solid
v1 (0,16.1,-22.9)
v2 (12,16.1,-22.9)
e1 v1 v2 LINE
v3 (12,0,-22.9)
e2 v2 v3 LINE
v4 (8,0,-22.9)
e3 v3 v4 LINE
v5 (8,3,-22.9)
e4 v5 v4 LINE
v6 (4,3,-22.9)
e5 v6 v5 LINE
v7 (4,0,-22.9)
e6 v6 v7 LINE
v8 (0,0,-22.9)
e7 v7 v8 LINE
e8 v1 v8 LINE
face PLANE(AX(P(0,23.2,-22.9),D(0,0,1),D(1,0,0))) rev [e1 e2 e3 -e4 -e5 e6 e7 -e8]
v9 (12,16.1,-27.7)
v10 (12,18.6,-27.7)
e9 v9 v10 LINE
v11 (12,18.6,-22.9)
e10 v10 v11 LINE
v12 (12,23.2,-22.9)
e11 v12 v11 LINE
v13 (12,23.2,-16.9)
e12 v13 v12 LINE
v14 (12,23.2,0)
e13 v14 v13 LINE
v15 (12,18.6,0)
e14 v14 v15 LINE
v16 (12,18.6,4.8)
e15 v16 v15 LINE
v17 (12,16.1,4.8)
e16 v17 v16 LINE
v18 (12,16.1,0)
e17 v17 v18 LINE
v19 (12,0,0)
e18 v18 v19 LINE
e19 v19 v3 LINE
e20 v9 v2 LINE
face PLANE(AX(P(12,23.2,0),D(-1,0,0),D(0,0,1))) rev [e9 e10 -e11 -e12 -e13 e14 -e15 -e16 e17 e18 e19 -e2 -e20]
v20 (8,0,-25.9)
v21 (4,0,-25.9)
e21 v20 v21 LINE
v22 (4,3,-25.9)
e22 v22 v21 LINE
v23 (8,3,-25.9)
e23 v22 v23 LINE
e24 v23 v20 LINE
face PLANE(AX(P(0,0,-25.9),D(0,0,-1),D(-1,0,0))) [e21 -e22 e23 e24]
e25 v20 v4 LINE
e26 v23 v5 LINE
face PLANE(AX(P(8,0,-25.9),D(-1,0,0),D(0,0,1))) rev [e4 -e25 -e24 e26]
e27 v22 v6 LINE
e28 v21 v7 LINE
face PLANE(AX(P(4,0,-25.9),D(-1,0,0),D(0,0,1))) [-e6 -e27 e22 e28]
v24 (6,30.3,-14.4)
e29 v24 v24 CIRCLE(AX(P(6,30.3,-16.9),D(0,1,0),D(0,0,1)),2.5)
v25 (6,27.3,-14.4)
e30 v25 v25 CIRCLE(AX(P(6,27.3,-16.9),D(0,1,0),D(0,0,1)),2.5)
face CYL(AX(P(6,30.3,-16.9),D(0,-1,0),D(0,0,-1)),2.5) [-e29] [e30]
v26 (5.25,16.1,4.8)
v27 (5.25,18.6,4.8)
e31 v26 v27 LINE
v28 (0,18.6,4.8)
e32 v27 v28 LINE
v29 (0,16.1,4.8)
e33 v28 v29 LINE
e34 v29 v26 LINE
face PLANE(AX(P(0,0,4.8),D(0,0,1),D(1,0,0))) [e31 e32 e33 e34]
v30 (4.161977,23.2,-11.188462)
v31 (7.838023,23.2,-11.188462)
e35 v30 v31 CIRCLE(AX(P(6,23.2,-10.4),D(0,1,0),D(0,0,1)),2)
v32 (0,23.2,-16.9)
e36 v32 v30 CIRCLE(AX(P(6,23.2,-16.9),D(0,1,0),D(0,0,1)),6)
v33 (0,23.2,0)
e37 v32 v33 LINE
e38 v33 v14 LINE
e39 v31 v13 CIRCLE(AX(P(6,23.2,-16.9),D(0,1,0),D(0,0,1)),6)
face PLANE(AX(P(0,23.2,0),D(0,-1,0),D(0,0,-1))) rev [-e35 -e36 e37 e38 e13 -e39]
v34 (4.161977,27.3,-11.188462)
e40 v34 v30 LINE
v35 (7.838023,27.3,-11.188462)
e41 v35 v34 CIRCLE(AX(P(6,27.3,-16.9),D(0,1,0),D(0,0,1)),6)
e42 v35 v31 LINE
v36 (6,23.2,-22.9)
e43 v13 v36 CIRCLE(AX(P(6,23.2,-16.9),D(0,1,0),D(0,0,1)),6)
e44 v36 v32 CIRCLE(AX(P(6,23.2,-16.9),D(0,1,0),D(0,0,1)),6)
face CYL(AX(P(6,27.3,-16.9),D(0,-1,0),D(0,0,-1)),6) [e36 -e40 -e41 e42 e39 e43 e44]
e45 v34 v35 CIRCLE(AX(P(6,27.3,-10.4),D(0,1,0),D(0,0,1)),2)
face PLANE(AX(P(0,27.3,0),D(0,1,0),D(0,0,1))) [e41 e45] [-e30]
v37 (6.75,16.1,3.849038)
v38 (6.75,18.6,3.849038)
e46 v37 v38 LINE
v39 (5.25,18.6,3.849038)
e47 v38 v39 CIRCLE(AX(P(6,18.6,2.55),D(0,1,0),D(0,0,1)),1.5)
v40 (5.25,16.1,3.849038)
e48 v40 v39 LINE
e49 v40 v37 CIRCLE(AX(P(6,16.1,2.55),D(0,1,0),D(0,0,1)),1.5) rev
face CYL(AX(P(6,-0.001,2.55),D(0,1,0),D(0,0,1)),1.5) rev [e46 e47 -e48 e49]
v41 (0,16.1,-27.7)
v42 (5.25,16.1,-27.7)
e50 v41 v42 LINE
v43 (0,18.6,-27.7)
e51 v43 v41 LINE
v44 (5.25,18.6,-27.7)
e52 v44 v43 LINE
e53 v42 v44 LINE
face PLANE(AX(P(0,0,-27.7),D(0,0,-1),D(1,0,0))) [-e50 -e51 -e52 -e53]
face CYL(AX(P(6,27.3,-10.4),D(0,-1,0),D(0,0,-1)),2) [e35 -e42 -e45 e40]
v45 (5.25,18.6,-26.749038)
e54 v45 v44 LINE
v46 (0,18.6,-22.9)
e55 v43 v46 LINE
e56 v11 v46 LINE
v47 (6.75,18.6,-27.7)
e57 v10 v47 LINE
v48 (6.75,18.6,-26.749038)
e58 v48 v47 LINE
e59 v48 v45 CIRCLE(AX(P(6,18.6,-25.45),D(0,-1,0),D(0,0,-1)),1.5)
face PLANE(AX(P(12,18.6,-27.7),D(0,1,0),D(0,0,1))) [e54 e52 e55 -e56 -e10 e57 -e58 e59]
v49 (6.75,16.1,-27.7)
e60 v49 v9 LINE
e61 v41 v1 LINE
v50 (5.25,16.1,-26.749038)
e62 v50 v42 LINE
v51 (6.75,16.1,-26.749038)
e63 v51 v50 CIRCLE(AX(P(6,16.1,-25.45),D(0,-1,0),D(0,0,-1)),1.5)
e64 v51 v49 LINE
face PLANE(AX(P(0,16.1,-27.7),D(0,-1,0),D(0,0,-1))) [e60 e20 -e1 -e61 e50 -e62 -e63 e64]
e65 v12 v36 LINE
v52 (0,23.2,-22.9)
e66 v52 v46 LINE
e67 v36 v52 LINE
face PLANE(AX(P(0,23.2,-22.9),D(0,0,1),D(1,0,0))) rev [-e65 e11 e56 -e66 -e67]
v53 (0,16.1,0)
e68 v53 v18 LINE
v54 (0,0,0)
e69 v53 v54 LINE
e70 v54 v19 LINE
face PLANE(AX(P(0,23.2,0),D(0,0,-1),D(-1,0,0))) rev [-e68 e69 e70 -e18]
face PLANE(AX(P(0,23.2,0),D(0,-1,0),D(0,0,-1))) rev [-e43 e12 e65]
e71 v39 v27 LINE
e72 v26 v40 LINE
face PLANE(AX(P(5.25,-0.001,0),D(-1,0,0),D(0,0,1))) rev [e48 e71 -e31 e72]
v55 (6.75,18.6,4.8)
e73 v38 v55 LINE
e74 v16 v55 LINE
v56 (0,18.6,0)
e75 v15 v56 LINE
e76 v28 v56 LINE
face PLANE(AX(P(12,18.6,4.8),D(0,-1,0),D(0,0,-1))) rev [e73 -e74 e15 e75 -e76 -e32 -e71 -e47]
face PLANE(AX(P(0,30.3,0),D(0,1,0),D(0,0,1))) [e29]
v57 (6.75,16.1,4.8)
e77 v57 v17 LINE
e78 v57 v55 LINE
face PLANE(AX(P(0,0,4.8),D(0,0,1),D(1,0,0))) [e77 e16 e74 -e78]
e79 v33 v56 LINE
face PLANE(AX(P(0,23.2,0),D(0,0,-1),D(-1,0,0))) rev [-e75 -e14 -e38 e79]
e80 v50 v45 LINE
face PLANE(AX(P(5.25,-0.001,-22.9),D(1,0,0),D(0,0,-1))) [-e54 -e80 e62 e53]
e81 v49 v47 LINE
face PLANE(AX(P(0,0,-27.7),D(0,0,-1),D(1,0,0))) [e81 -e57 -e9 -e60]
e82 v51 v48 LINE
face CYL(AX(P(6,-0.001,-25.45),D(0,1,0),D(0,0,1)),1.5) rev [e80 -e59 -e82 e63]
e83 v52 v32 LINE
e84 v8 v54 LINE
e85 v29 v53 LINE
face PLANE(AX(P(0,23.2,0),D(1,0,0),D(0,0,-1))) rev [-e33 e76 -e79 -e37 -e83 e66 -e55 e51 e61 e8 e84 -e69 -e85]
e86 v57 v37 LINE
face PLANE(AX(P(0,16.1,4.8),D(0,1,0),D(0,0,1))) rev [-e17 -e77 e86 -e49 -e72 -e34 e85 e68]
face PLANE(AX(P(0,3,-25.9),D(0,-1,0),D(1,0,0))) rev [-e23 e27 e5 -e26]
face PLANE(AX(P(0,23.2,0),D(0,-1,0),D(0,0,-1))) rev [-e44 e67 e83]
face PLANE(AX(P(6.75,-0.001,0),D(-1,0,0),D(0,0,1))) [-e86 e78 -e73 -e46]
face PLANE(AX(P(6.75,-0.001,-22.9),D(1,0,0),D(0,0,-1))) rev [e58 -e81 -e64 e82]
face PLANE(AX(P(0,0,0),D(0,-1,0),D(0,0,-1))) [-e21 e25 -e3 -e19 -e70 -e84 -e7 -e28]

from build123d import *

# Parameters (mm, degrees)
SKETCH_1_W          = 12
SKETCH_1_H          = 22.9
EXTRUDE_1_DEPTH     = 23.2
SKETCH_2_R          = 6
SKETCH_2_R_2        = 2
EXTRUDE_2_DEPTH     = 4.1
SKETCH_3_R          = 2.5
EXTRUDE_3_DEPTH     = 3
SKETCH_4_W          = 12
SKETCH_4_H          = 2.5
EXTRUDE_4_DEPTH     = 4.8
CUT_EXTRUDE_1_REACH = 33.849
SKETCH_6_W          = 2
SKETCH_6_H          = 3
EXTRUDE_5_DEPTH     = 3


with BuildPart() as part:
    # 草图1 → 凸台-拉伸1 (new body)
    with BuildSketch(Plane(origin=(0, 0, 0), x_dir=(1, 0, 0), z_dir=(0, 1, 0))):
        with Locations((6, 11.45)):
            Rectangle(SKETCH_1_W, SKETCH_1_H)
    extrude(amount=EXTRUDE_1_DEPTH)

    # 草图2 → 凸台-拉伸2 (add)
    with BuildSketch(Plane(origin=(0, 23.2, 0), x_dir=(1, 0, 0), z_dir=(0, 1, 0))):
        with Locations((6, 16.9)):
            Circle(SKETCH_2_R)
        with Locations((6, 10.4)):
            Circle(SKETCH_2_R_2)
    extrude(amount=EXTRUDE_2_DEPTH)

    # 草图3 → 凸台-拉伸3 (add)
    with BuildSketch(Plane(origin=(0, 27.3, 0), x_dir=(1, 0, 0), z_dir=(0, 1, 0))):
        with Locations(Location((6, 16.9, 0), (0, 0, 270))):
            Circle(SKETCH_3_R)
    extrude(amount=EXTRUDE_3_DEPTH)

    # 草图4 → 凸台-拉伸4 (add)
    with BuildSketch(Plane.XY):
        with Locations((6, 17.35)):
            Rectangle(SKETCH_4_W, SKETCH_4_H)
    extrude_4 = extrude(amount=EXTRUDE_4_DEPTH)

    # 草图5 → 切除-拉伸1 (cut, up to next)
    with BuildSketch(Plane(origin=(0, 18.6, 0), x_dir=(1, 0, 0), z_dir=(0, 1, 0)), mode=Mode.PRIVATE) as cut_extrude_1_sk1:
        with BuildLine():
            Line((5.25, -4.8), (6.75, -4.8))
            Line((6.75, -4.8), (6.75, -3.849038106))
            ThreePointArc((6.75, -3.849038106), (6, -1.05), (5.25, -3.849038106))
            Line((5.25, -3.849038106), (5.25, -4.8))
        make_face()
    cut_extrude_1_tool1 = extrude(cut_extrude_1_sk1.sketch, amount=-CUT_EXTRUDE_1_REACH, mode=Mode.PRIVATE) & part.part
    cut_extrude_1 = cut_extrude_1_tool1.solids().sort_by_distance((6, 18.6, 2.821372))[0]
    add(cut_extrude_1, mode=Mode.SUBTRACT)

    # 镜向1: 凸台-拉伸4, 切除-拉伸1 across plane
    add(extrude_4.mirror(Plane.XY.offset(-11.45)))
    add(cut_extrude_1.mirror(Plane.XY.offset(-11.45)), mode=Mode.SUBTRACT)

    # 草图6 → 凸台-拉伸5 (add)
    with BuildSketch(Plane(origin=(0, 0, -22.9), x_dir=(-1, 0, 0), z_dir=(0, 0, -1))):
        with Locations((-7, 1.5)):
            Rectangle(SKETCH_6_W, SKETCH_6_H)
        with Locations((-5, 1.5)):
            Rectangle(SKETCH_6_W, SKETCH_6_H)
    extrude(amount=EXTRUDE_5_DEPTH)


solid = part.part
